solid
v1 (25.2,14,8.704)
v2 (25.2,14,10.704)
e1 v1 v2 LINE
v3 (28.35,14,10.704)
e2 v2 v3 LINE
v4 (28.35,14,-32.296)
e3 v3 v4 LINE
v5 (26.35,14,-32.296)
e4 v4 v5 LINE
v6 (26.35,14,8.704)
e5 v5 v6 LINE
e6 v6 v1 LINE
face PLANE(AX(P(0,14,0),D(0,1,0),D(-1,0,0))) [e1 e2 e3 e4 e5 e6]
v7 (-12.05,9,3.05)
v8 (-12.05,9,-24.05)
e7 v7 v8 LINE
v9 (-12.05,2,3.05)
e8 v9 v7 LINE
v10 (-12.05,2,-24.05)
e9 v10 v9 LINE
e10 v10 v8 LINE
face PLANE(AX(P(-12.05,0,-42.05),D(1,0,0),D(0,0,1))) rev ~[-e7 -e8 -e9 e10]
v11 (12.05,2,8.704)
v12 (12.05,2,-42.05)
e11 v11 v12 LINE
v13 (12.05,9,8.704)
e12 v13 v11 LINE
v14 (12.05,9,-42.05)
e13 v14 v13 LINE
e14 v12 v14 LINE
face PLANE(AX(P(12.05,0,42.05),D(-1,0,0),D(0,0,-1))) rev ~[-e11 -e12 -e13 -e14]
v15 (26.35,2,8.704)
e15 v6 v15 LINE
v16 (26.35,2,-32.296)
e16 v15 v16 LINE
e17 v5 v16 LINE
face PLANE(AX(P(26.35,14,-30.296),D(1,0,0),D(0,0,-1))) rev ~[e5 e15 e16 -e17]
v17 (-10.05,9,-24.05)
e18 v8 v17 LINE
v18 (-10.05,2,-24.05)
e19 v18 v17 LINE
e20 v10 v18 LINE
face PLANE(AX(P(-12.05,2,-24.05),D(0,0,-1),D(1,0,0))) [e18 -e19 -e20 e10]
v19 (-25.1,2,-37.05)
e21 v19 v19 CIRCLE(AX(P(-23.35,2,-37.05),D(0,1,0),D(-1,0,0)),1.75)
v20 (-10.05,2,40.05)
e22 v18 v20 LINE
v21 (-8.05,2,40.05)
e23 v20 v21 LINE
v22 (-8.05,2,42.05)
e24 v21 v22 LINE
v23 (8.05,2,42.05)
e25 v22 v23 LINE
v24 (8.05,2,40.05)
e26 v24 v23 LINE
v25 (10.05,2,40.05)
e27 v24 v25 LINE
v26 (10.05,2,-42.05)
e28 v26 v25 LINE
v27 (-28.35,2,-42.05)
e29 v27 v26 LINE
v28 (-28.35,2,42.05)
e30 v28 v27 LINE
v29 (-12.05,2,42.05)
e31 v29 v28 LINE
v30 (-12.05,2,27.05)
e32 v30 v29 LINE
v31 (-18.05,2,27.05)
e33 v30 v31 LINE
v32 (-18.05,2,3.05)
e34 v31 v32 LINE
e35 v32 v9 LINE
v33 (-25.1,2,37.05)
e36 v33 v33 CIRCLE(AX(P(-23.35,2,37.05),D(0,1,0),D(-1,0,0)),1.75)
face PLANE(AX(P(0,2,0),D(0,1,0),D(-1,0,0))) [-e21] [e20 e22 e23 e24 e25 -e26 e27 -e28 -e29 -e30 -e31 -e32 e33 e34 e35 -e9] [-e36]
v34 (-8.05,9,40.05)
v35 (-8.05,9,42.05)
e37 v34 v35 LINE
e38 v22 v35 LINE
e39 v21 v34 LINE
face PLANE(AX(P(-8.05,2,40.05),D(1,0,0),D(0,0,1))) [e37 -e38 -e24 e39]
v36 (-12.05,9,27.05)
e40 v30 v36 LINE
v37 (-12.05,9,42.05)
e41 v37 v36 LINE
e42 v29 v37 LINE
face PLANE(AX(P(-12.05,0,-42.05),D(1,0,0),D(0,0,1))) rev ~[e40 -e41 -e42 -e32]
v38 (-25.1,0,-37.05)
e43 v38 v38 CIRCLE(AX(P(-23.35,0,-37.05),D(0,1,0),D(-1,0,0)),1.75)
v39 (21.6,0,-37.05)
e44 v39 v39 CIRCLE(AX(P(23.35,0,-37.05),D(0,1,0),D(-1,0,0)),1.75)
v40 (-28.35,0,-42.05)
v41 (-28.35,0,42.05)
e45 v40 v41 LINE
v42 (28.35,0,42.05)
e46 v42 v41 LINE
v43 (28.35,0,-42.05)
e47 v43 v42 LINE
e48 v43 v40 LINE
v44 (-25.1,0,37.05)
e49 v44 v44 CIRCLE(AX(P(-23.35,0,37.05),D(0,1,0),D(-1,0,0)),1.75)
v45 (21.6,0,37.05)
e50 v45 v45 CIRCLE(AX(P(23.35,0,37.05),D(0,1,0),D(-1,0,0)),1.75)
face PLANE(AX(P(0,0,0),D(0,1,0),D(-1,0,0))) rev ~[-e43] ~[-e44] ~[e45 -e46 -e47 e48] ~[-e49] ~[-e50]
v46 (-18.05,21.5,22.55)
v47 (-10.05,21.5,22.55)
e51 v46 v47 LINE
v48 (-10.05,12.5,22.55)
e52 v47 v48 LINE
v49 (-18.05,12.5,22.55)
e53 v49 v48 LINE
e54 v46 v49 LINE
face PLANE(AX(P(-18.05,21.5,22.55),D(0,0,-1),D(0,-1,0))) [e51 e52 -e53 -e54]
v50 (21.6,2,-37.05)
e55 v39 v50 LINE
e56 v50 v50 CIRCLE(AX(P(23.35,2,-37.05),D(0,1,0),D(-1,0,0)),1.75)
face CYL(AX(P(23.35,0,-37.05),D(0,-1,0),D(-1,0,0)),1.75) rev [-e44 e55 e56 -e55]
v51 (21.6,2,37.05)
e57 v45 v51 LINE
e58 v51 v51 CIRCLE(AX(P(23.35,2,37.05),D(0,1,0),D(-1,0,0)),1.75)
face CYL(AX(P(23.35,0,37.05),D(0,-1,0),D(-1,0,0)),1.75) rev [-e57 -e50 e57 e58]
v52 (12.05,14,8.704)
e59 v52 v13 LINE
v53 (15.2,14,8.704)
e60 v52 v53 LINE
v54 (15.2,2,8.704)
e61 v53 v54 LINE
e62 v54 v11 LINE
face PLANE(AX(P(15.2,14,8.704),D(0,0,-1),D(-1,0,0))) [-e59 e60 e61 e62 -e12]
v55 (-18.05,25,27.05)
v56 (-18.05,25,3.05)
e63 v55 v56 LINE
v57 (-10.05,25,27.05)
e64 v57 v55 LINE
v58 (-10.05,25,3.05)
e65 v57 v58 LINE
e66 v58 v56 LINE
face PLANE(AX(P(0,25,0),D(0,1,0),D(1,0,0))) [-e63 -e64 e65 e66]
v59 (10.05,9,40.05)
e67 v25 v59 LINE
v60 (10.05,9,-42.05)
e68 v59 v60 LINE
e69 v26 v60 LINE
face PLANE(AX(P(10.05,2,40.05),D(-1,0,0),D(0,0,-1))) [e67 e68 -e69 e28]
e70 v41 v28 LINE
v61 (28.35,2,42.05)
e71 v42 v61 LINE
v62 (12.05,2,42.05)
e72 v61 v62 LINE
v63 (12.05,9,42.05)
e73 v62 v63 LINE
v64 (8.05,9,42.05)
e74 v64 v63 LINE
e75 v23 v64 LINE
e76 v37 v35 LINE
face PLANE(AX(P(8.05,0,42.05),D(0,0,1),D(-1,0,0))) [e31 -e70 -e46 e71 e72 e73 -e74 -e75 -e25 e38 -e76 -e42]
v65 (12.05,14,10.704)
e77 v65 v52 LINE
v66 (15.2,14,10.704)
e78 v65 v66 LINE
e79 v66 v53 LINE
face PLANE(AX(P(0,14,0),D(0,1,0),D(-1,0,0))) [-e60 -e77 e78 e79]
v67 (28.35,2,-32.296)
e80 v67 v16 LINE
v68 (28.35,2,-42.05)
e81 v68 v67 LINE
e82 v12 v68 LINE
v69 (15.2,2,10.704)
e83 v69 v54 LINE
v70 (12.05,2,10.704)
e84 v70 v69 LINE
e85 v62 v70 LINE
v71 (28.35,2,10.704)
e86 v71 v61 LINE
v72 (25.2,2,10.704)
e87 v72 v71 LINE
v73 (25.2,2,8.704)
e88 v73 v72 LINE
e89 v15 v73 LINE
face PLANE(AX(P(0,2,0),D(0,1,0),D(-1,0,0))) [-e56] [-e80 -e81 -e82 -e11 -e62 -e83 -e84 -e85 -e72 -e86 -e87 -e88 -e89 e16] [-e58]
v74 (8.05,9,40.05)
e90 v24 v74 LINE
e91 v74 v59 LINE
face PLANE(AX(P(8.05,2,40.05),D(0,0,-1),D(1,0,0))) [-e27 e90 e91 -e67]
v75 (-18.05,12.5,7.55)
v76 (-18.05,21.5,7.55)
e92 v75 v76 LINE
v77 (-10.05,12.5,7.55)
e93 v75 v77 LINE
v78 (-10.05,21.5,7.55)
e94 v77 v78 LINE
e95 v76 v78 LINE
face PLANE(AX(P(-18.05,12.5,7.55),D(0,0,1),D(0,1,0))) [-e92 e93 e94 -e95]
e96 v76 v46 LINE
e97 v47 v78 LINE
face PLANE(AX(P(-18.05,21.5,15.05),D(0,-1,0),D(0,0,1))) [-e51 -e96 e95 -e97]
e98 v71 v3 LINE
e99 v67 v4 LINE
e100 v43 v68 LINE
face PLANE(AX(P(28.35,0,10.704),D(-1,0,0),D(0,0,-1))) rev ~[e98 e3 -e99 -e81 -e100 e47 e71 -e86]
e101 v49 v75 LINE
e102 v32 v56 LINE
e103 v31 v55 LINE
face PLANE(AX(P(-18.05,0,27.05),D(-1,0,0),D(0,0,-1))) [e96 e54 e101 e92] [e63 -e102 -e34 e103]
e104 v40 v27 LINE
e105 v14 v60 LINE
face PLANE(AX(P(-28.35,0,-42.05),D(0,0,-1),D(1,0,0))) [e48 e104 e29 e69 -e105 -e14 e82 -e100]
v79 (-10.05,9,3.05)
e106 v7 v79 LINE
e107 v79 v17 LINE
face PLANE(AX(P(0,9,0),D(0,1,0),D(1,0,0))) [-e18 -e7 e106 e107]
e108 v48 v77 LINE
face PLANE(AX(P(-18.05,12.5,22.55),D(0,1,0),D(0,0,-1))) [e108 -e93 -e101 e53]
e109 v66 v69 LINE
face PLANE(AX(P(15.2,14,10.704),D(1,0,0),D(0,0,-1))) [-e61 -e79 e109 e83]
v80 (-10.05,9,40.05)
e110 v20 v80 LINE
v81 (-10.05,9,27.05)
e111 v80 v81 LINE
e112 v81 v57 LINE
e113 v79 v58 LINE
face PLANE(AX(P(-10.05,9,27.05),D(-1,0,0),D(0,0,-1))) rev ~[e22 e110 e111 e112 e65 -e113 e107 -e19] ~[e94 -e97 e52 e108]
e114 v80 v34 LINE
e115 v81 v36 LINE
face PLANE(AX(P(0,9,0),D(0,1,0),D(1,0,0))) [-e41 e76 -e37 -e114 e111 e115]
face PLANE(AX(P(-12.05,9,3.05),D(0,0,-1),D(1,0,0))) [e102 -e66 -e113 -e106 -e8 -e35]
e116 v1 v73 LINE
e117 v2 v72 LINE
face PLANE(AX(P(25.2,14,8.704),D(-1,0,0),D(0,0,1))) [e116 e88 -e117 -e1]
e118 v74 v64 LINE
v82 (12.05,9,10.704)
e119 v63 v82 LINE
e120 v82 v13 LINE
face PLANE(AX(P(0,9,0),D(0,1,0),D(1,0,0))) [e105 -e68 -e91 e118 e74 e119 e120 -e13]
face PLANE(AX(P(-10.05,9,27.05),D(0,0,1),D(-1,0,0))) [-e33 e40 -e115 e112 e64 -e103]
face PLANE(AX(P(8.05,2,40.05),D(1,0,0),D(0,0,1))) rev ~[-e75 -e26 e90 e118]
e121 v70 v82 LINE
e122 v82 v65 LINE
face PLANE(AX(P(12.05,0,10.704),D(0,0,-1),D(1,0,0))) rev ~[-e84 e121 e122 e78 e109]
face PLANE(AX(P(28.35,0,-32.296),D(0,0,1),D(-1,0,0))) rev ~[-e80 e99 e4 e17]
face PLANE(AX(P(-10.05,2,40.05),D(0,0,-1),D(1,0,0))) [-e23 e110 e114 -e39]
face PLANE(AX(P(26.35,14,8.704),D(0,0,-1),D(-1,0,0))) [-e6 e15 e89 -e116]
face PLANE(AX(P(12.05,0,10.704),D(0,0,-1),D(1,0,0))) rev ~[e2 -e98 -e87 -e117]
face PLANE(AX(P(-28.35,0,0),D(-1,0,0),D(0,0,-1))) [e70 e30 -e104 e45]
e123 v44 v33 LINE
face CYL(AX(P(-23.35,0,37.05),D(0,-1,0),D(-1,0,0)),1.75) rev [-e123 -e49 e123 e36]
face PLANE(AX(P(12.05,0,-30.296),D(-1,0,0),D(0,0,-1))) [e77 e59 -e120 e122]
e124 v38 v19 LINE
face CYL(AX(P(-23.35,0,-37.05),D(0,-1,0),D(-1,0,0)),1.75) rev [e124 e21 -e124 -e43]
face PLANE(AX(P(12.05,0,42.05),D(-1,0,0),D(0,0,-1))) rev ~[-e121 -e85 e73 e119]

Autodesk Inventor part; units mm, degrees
ref_plane "YZ Plane" through (0, 0, 0) normal (1, 0, 0) x (0, 1, 0)
ref_plane "XZ Plane" through (0, 0, 0) normal (0, 1, 0) x (-1, 0, 0)
ref_plane "XY Plane" through (0, 0, 0) normal (0, 0, 1) x (1, 0, 0)
sketch "Boceto1" plane through (0, 0, 0) normal (0, 1, 0) x (-1, 0, 0)
  line L0 (10.05, 40.05) -> (-10.05, 40.05)
  line L1 (-10.05, 40.05) -> (-10.05, -40.05)
  line L2 (-10.05, -40.05) -> (10.05, -40.05)
  line L3 (10.05, -40.05) -> (10.05, 40.05)
  line L4 (10.05, 40.05) -> (-10.05, -40.05) construction
  line L5 (-10.05, 40.05) -> (10.05, -40.05) construction
  line L6 (12.05, 42.05) -> (-12.05, 42.05)
  line L7 (-12.05, 42.05) -> (-12.05, -42.05)
  line L8 (-12.05, -42.05) -> (12.05, -42.05)
  line L9 (12.05, -42.05) -> (12.05, 42.05)
  point P0 (0, 0)
  dimension "d0" = 20.1
  dimension "d1" = 80.1
  dimension "d2" = 2
extrude "Extrusión1" add sketch "Boceto1" along normal blind 2 contours L3 L2 L1 L0 | L9 L8 L7 L6
sketch "Boceto2" plane through (0, 2, 0) normal (0, 1, 0) x (1, 0, 0)
  line L0 (12.05, -42.05) -> (12.05, 42.05) projected
  line L1 (-12.05, -42.05) -> (12.05, -42.05)
  line L2 (12.05, -42.05) -> (12.05, 42.05)
  line L3 (-12.05, 42.05) -> (-12.05, -42.05)
  line L4 (-12.05, -42.05) -> (12.05, 42.05) construction
  line L5 (12.05, -42.05) -> (-12.05, 42.05) construction
  line L6 (-10.05, -40.05) -> (10.05, -40.05)
  line L7 (10.05, -40.05) -> (10.05, 40.15)
  line L8 (-10.05, 40.05) -> (-10.05, -40.05)
  line L9 (-10.05, 40.05) -> (-10.05, 42.05)
  line L10 (10.05, 40.15) -> (10.05, 42.05)
  line L11 (12.05, 42.05) -> (-12.05, 42.05) projected
  line L12 (12.05, 42.05) -> (10.05, 42.05)
  line L13 (-12.05, 42.05) -> (-10.05, 42.05)
  line L14 (-12.05, 42.05) -> (-12.05, -42.05) projected
  line L15 (-12.05, 24.05) -> (-10.05, 24.05)
  line L16 (-12.05, -27.6873) -> (-10.05, -27.6873)
  line L17 (-10.05, -27.6873) -> (-10.05, -12.6873)
  line L18 (-10.05, -12.6873) -> (-12.05, -12.6873)
  line L19 (-12.05, -12.6873) -> (-12.05, -27.6873)
  line L20 (-8.05, -40.05) -> (-8.05, -42.05)
  line L21 (-12.05, -42.05) -> (12.05, -42.05) projected
  line L22 (8.05, -40.05) -> (8.05, -42.05)
  point P0 (0, 0)
  point P1 (8.05, -41.05)
  point P2 (-12.05, 24.05)
  dimension "d5" = 2
  dimension "d8" = 18
  dimension "d9" = 15
  dimension "d10" = 12.3627
  dimension "d11" = 2
  dimension "d12" = 2
  dimension "d13" = 4
  dimension "d14" = 4
extrude "Extrusión2" add sketch "Boceto2" along normal blind 7 contours L1 L22 L6 L7 L10 L11 L0 | L1 L3 L16 L8 L6 L20 | L3 L18 L8 L16 | L8 L18 L3 L15
sketch "Boceto5" plane through (0, 0, 0) normal (0, 1, 0) x (-1, 0, 0)
  line L0 (-12.05, -30.296) -> (-26.35, -30.296)
  line L1 (-26.35, -30.296) -> (-26.35, 8.704)
  line L2 (-26.35, 8.704) -> (-12.05, 8.704)
  line L3 (-12.05, 8.704) -> (-12.05, -30.296)
  line L4 (-12.05, -30.296) -> (-26.35, 8.704) construction
  line L5 (-26.35, -30.296) -> (-12.05, 8.704) construction
  line L6 (-12.05, 42.05) -> (-12.05, -42.05) projected
  line L7 (-28.35, -32.296) -> (-10.05, -32.296)
  line L8 (-10.05, -32.296) -> (-10.05, 10.704)
  line L9 (-10.05, 10.704) -> (-28.35, 10.704)
  line L10 (-28.35, 10.704) -> (-28.35, -32.296)
  point P0 (0, 0)
  point P1 (-19.2, -10.796)
  point P2 (-12.05, 10.704)
  point P3 (-12.05, -32.296)
  dimension "d25" = 14.3
  dimension "d26" = 39
  dimension "d27" = 0
  dimension "d28" = 2
extrude "Extrusión5" add sketch "Boceto5" along normal blind 14 contours L6 L7 L10 L9 L2 L1 L0 | L0 L1 L2 L3
sketch "Boceto6" plane through (0, 14, 0) normal (0, 1, 0) x (1, 0, 0)
  line L0 (28.35, 32.296) -> (12.05, 32.296) projected
  line L1 (20.2, 32.296) -> (20.2, 4.5557)
  line L2 (14.05, 30.296) -> (26.35, 30.296)
  line L3 (26.35, 30.296) -> (26.35, -8.704)
  line L4 (26.35, -8.704) -> (14.05, -8.704)
  line L5 (14.05, 30.296) -> (26.35, -8.704) construction
  line L6 (26.35, 30.296) -> (14.05, -8.704) construction
  line L7 (28.35, -10.704) -> (28.35, 32.296) projected
  line L8 (12.05, -10.704) -> (28.35, -10.704) projected
  line L9 (14.05, -8.704) -> (12.05, -8.704)
  line L10 (12.05, -8.704) -> (12.05, 30.296)
  line L11 (12.05, 32.296) -> (12.05, -10.704) projected
  line L12 (14.05, 30.296) -> (12.05, 30.296)
  line L13 (28.35, -10.704) -> (28.35, 32.296) projected
  line L14 (28.35, -8.704) -> (28.35, -10.704)
  line L15 (12.05, -10.704) -> (28.35, -10.704) projected
  line L16 (15.2, -8.704) -> (25.2, -8.704)
  line L17 (25.2, -8.704) -> (25.2, -10.704)
  line L18 (25.2, -10.704) -> (15.2, -10.704)
  line L19 (15.2, -10.704) -> (15.2, -8.704)
  line L20 (15.2, -8.704) -> (25.2, -10.704) construction
  line L21 (25.2, -8.704) -> (15.2, -10.704) construction
  line L22 (26.35, 30.296) -> (26.35, 32.296)
  point P0 (0, 0)
  point P1 (20.2, 10.796)
  point P2 (20.2, -8.704)
  point P3 (20.2, -9.704)
  point P4 (15.2, -8.704)
  point P5 (15.2, -10.704)
  point P6 (25.2, -10.704)
  dimension "d31" = 2
  dimension "d32" = 2
  dimension "d33" = 2
  dimension "d34" = 10
extrude "Extrusión6" cut sketch "Boceto6" against normal blind 12 contours L22 L2 L1 L0 | L1 L2 L12 L11 L0 | L3 L4 L9 L10 L12 L2 | L8 L19 L4 L17
sketch "Boceto8" plane through (0, 0, 0) normal (0, 1, 0) x (-1, 0, 0)
  line L0 (12.05, 27.05) -> (18.05, 27.05)
  line L1 (18.05, 27.05) -> (18.05, 3.05)
  line L2 (18.05, 3.05) -> (12.05, 3.05)
  line L3 (12.05, 3.05) -> (12.05, 27.05)
  line L4 (12.05, -24.05) -> (12.05, 42.05) projected
  line L5 (8.05, 42.05) -> (-8.05, 42.05) projected
  point P0 (0, 0)
  dimension "d44" = 6
  dimension "d45" = 24
  dimension "d46" = 0
  dimension "d47" = 15
extrude "Extrusión8" add sketch "Boceto8" along normal blind 25
sketch "Boceto10" plane through (0, 9, 0) normal (0, 1, 0) x (1, 0, 0)
  line L0 (-12.05, -3.05) -> (-18.05, -3.05) projected
  line L1 (-10.05, -40.05) -> (-10.05, 24.05) projected
  line L2 (-12.05, -3.05) -> (-10.05, -3.05)
  line L3 (-10.05, -3.05) -> (-10.05, -27.05)
  line L4 (-10.05, -27.05) -> (-12.05, -27.05)
  line L5 (-12.05, -27.05) -> (-12.05, -3.05)
  line L6 (-18.05, -27.05) -> (-12.05, -27.05) projected
  point P0 (0, 0)
  point P1 (-10.05, -3.05)
  point P2 (-11.05, -27.05)
  dimension "d65" = 0
extrude "Extrusión10" add sketch "Boceto10" along normal blind 16
sketch "Boceto11" plane through (-18.05, 0, 3.05) normal (-1, 0, 0) x (0, 0, 1)
  line L0 (4.5, 21.5) -> (19.5, 21.5)
  line L1 (19.5, 21.5) -> (19.5, 12.5)
  line L2 (19.5, 12.5) -> (4.5, 12.5)
  line L3 (4.5, 12.5) -> (4.5, 21.5)
  line L4 (4.5, 21.5) -> (19.5, 12.5) construction
  line L5 (19.5, 21.5) -> (4.5, 12.5) construction
  line L6 (0, 25) -> (24, 25) projected
  line L7 (-27.1, 9) -> (0, 9) projected
  line L8 (24, 25) -> (0, 25) projected
  line L9 (12, 25) -> (12, 17)
  point P0 (-3.05, 0)
  dimension "d59" = 15
  dimension "d60" = 9
  dimension "d61" = 3.5
  dimension "d62" = 3.5
  dimension "d66" = 0
extrude "Extrusión11" cut sketch "Boceto11" against normal blind 8
sketch "Boceto13" plane through (0, 0, 0) normal (0, 1, 0) x (-1, 0, 0)
  line L0 (28.35, -42.05) -> (-28.35, -42.05)
  line L1 (-28.35, -42.05) -> (-28.35, 42.05)
  line L2 (-28.35, 42.05) -> (28.35, 42.05)
  line L3 (28.35, 42.05) -> (28.35, -42.05)
  line L4 (28.35, -42.05) -> (-28.35, 42.05) construction
  line L5 (-28.35, -42.05) -> (28.35, 42.05) construction
  line L6 (-28.35, 10.704) -> (-28.35, -32.296) projected
  line L7 (-8.05, 42.05) -> (-12.05, 42.05) projected
  circle A0 centre (23.35, -37.05) radius 1.75
  line L8 (-12.05, -42.05) -> (12.05, -42.05) projected
  line L9 (0, -42.05) -> (0, -48.6371)
  line L10 (28.35, 0) -> (35.954, 0)
  circle A1 centre (-23.35, -37.05) radius 1.75
  circle A2 centre (23.35, 37.05) radius 1.75
  circle A3 centre (-23.35, 37.05) radius 1.75
  point P0 (0, 0)
  dimension "d67" = 0
  dimension "d68" = 0
  dimension "d72" = 3.5
  dimension "d73" = 5
  dimension "d74" = 5
extrude "Extrusión12" add sketch "Boceto13" along normal blind 2
properties part number "light_indicator"
